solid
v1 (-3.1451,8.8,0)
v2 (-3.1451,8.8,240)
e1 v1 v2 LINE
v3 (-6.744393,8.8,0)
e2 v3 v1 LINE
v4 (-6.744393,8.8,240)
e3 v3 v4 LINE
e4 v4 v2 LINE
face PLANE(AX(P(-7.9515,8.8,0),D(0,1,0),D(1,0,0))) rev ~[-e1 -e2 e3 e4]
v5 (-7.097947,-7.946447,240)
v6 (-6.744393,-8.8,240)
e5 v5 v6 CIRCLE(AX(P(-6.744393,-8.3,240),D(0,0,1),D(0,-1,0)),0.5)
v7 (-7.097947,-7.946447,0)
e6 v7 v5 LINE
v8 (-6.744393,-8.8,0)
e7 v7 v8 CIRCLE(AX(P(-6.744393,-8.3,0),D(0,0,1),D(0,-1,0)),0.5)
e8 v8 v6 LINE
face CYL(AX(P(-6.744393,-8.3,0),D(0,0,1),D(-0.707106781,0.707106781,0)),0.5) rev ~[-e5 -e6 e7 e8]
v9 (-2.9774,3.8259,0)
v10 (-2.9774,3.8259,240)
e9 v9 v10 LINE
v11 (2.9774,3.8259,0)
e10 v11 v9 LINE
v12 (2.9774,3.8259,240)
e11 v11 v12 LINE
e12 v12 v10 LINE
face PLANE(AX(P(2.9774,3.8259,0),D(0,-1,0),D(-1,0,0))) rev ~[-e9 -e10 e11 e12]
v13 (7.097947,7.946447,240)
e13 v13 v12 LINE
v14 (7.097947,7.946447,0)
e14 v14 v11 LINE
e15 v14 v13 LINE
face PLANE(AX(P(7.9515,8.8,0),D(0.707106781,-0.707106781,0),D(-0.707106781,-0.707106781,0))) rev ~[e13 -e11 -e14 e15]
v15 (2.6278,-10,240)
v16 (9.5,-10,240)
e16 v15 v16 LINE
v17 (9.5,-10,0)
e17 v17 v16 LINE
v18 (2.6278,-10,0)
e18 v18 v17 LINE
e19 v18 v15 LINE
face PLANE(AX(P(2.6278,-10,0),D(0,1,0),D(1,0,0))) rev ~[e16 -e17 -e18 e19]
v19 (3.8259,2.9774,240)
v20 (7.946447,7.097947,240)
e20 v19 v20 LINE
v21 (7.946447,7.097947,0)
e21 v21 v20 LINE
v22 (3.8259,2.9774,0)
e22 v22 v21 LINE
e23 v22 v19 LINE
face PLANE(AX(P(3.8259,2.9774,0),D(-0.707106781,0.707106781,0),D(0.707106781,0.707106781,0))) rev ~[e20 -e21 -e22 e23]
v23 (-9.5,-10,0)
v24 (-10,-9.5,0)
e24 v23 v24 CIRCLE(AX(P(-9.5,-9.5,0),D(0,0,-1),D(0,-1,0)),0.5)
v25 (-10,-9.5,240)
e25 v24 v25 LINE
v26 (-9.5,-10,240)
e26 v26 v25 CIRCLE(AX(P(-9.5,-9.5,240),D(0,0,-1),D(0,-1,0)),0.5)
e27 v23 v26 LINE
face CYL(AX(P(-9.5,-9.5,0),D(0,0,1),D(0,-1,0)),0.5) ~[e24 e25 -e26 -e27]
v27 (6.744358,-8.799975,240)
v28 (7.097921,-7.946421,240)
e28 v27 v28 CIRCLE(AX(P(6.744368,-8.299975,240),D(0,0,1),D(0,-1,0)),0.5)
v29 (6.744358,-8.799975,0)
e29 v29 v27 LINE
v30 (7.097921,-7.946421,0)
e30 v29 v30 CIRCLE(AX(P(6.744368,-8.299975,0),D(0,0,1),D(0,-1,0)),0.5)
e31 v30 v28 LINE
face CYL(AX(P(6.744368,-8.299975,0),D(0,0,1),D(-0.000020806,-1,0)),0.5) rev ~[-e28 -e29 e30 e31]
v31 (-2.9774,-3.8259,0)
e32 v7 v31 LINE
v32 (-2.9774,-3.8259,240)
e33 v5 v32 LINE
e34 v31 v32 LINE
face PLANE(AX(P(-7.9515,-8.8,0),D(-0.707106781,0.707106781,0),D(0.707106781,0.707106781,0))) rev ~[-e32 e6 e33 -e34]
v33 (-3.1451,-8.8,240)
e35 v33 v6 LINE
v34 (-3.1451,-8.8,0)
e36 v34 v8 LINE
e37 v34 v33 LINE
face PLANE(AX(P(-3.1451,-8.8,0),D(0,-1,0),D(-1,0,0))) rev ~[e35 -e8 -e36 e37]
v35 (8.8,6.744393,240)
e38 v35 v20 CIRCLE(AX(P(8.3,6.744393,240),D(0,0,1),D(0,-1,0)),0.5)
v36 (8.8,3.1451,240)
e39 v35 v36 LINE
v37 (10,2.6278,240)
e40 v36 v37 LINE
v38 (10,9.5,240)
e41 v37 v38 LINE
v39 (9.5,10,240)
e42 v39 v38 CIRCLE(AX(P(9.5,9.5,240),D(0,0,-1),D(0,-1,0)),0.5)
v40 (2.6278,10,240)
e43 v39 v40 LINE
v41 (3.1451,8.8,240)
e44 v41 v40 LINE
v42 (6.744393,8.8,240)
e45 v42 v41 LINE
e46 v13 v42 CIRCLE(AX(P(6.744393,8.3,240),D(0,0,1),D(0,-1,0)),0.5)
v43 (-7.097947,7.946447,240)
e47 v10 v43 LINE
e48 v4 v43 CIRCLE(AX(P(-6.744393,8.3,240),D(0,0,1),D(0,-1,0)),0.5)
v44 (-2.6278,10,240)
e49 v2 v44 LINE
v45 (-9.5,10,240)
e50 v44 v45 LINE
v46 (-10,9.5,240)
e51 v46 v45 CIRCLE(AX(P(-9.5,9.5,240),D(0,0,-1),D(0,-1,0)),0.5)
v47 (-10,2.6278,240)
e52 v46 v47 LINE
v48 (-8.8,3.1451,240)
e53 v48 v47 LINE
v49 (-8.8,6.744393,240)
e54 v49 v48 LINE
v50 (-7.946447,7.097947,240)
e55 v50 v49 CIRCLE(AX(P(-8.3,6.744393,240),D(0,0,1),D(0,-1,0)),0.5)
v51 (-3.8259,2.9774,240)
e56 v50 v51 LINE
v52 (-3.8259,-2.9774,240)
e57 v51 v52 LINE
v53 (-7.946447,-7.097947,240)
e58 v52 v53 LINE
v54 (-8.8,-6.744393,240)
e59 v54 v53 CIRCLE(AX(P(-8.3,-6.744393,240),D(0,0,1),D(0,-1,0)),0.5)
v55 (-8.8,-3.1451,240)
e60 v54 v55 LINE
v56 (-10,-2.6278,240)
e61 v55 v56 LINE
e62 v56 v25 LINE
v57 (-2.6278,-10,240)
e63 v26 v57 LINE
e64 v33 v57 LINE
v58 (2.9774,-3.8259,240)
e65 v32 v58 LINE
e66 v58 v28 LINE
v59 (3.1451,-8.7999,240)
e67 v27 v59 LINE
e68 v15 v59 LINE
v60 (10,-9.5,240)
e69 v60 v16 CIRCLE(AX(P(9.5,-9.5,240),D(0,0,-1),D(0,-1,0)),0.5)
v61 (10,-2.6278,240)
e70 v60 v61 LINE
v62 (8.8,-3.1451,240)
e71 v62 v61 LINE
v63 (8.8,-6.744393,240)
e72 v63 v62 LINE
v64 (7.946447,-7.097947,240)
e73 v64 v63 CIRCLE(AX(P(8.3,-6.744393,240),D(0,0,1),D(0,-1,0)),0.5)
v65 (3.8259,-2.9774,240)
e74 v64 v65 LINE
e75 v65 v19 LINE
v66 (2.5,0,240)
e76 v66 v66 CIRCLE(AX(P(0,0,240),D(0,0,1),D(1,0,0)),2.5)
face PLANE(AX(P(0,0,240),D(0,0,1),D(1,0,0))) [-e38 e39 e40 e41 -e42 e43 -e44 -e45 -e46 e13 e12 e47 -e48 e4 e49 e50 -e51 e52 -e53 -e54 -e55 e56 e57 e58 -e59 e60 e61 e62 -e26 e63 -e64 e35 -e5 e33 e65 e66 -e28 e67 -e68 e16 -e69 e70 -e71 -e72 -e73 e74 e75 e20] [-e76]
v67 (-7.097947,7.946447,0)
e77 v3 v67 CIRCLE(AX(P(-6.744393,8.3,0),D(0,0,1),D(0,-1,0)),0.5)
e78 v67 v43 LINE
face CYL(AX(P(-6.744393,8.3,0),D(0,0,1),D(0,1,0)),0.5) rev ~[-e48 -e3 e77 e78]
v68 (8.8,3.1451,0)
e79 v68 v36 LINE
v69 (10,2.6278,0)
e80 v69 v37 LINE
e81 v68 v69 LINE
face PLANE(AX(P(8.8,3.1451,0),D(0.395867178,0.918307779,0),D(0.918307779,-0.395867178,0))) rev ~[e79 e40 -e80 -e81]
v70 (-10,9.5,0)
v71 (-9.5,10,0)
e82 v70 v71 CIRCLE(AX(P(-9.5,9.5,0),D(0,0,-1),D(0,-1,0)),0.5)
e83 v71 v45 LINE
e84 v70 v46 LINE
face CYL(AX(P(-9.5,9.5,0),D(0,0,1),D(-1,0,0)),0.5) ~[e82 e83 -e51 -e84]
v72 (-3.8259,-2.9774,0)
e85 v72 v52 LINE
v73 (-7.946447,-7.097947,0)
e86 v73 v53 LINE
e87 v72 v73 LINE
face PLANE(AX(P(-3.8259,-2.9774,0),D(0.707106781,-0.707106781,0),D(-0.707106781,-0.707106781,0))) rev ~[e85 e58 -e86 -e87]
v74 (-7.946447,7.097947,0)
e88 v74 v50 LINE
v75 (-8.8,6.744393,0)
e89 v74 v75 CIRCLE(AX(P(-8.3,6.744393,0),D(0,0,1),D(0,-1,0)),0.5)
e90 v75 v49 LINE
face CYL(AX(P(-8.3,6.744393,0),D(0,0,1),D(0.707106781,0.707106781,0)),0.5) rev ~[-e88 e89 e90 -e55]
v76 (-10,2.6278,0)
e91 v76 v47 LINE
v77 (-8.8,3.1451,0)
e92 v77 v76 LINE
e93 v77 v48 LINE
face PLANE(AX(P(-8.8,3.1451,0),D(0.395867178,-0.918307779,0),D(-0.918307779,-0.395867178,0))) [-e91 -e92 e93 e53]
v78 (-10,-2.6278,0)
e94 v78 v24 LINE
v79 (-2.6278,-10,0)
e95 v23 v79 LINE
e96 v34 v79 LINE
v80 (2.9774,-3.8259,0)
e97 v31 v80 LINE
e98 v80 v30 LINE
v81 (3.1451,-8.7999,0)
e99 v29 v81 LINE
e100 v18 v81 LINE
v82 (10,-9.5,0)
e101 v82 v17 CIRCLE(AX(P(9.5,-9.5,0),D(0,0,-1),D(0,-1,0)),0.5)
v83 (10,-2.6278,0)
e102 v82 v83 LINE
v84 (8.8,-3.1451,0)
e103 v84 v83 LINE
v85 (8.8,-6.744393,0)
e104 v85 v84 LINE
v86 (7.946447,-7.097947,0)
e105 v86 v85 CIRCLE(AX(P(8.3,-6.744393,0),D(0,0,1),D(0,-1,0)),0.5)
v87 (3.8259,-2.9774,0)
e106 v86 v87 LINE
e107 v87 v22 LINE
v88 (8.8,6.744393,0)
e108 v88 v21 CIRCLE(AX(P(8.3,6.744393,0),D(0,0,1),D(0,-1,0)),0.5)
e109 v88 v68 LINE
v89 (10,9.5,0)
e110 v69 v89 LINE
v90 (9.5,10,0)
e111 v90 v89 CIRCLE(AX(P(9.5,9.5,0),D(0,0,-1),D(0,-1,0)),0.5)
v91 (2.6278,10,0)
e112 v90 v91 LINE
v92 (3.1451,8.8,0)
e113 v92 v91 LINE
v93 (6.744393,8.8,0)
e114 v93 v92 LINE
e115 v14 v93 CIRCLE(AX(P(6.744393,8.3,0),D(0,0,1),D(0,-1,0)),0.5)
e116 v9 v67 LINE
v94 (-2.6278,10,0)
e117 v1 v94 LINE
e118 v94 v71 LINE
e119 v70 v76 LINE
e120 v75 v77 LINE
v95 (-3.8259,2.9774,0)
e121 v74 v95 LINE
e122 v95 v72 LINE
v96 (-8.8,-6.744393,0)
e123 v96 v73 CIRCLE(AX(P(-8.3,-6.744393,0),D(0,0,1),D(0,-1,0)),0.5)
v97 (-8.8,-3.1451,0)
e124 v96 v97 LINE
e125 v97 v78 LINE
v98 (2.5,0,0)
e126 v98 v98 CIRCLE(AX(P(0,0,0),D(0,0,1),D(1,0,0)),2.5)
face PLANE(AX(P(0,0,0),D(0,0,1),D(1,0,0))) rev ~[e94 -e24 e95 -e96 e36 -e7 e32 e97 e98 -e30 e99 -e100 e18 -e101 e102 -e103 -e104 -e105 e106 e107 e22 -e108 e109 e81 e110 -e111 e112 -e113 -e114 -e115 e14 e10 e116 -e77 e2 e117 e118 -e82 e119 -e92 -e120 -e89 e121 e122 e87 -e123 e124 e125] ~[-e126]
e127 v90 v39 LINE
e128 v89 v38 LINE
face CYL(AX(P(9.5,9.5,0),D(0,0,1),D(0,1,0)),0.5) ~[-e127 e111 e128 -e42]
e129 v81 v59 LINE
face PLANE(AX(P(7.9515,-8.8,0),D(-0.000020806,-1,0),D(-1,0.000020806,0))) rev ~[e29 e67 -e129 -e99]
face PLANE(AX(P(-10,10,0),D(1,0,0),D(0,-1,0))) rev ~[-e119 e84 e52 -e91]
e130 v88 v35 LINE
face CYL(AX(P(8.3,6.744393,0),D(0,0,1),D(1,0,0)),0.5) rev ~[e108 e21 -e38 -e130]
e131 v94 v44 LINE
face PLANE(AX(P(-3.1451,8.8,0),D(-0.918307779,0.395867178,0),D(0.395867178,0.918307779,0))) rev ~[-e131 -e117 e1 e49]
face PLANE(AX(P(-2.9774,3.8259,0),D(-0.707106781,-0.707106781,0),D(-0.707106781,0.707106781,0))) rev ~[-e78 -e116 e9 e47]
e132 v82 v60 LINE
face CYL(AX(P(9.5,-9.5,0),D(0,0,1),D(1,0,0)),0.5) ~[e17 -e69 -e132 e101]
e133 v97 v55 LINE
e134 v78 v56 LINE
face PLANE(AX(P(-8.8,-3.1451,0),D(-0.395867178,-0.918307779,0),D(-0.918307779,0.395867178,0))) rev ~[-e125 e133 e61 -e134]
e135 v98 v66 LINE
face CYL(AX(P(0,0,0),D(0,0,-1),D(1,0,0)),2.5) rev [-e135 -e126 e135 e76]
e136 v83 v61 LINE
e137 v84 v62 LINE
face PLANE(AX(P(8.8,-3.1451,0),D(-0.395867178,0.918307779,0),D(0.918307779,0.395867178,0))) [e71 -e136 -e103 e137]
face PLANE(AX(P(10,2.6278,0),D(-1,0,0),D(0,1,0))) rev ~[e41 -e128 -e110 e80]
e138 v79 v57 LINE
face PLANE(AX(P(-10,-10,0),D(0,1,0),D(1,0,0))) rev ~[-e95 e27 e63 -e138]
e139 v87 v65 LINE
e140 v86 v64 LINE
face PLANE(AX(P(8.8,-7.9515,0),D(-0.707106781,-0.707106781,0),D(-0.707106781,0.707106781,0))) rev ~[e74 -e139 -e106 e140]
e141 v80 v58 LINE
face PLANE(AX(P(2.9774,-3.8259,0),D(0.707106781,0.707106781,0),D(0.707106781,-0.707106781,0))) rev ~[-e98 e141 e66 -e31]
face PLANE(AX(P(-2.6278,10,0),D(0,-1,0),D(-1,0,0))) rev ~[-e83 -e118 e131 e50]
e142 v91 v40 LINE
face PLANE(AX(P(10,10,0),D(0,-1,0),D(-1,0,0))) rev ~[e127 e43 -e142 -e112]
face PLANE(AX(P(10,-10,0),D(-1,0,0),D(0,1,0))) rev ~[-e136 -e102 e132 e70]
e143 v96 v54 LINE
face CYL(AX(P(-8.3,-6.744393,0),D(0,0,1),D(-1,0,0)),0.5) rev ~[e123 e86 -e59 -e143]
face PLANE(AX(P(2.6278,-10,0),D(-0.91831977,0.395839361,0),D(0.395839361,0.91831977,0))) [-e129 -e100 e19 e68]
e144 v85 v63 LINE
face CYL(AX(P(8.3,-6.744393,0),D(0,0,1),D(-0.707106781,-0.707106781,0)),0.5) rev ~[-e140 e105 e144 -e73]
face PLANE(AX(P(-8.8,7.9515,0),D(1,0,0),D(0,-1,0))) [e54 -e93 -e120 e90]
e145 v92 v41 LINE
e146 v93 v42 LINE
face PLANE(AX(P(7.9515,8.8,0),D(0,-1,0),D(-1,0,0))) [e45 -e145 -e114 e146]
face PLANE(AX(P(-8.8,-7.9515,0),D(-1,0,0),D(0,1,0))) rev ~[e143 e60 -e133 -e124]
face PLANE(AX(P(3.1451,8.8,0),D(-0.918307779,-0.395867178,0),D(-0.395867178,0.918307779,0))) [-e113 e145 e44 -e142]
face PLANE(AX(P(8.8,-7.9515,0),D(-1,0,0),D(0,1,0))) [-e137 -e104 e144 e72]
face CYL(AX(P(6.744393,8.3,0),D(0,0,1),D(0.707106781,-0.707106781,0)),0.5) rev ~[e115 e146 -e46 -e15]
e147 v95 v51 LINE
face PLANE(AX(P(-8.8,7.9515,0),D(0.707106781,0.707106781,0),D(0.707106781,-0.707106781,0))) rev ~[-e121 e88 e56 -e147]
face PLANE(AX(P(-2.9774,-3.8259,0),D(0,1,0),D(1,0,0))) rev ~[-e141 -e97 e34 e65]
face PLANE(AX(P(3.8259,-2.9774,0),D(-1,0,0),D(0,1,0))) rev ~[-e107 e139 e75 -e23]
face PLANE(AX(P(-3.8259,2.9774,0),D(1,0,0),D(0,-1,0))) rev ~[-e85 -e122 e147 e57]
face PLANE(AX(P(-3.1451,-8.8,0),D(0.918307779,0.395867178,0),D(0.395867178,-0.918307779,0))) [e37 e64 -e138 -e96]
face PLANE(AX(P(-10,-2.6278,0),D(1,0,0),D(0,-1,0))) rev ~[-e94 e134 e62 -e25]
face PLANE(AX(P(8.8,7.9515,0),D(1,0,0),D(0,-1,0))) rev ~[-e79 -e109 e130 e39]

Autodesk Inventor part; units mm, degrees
ref_plane "YZ Plane" through (0, 0, 0) normal (1, 0, 0) x (0, 1, 0)
ref_plane "XZ Plane" through (0, 0, 0) normal (0, 1, 0) x (-1, 0, 0)
ref_plane "XY Plane" through (0, 0, 0) normal (0, 0, 1) x (1, 0, 0)
sketch "Sketch1" plane through (0, 0, 0) normal (0, 0, 1) x (1, 0, 0)
  circle A0 centre (0, 0) radius 2.5
  line L0 (2.9774, 3.8259) -> (-2.9774, 3.8259)
  line L1 (-3.8259, 2.9774) -> (-3.8259, -2.9774)
  line L2 (-3.8259, -2.9774) -> (-8.8, -7.9515)
  line L3 (-7.9515, -8.8) -> (-2.9774, -3.8259)
  line L4 (2.9774, -3.8259) -> (7.9515, -8.8)
  line L5 (3.8259, 2.9774) -> (8.8, 7.9515)
  line L6 (8.8, -7.9515) -> (3.8259, -2.9774)
  line L7 (7.9515, 8.8) -> (2.9774, 3.8259)
  line L8 (-2.9774, 3.8259) -> (-7.9515, 8.8)
  line L9 (-8.8, 7.9515) -> (-3.8259, 2.9774)
  line L10 (-2.9774, -3.8259) -> (2.9774, -3.8259)
  line L11 (3.8259, -2.9774) -> (3.8259, 2.9774)
  line L12 (-3.1451, -8.8) -> (-2.6278, -10)
  line L13 (-3.1451, -8.8) -> (-7.9515, -8.8)
  line L14 (-10, -10) -> (-2.6278, -10)
  line L15 (2.6278, -10) -> (10, -10)
  line L16 (7.9515, -8.8) -> (3.1451, -8.7999)
  circle A1 centre (0, 0) radius 3.8259 construction
  line L17 (0, 0) -> (7.0677, 7.0677) construction
  circle A2 centre (2.7053, 2.7053) radius 1.1531 construction
  line L18 (-13.2321, 0) -> (16.76, 0) construction
  circle A3 centre (0, 0) radius 4.848 construction
  line L19 (2.6278, -10) -> (3.1451, -8.7999)
  line L20 (-8.8, -7.9515) -> (-8.8, -3.1451)
  line L21 (-8.8, -3.1451) -> (-10, -2.6278)
  line L22 (-8.8, 7.9515) -> (-8.8, 3.1451)
  line L23 (-8.8, 3.1451) -> (-10, 2.6278)
  line L24 (-7.9515, 8.8) -> (-3.1451, 8.8)
  line L25 (-3.1451, 8.8) -> (-2.6278, 10)
  line L26 (7.9515, 8.8) -> (3.1451, 8.8)
  line L27 (3.1451, 8.8) -> (2.6278, 10)
  line L28 (8.8, 7.9515) -> (8.8, 3.1451)
  line L29 (8.8, 3.1451) -> (10, 2.6278)
  line L30 (8.8, -7.9515) -> (8.8, -3.1451)
  line L31 (8.8, -3.1451) -> (10, -2.6278)
  line L32 (-10, 10) -> (-10, 2.6278)
  line L33 (-10, -2.6278) -> (-10, -10)
  line L34 (10, 10) -> (2.6278, 10)
  line L35 (-2.6278, 10) -> (-10, 10)
  line L36 (10, -10) -> (10, -2.6278)
  line L37 (10, 2.6278) -> (10, 10)
  point P0 (3.8259, 0)
  point P1 (-0.0241, 0)
  point P2 (-3.8259, 0)
  dimension "d3" = 20
  dimension "d4" = 20
  dimension "d5" = 5
  dimension "d10" = 1.2
  dimension "d12" = 1.2
  dimension "d13" = 1.2
  dimension "d14" = 1.2
  dimension "d16" = 20
  dimension "d17" = 1.2
  dimension "d18" = 1.2
  dimension "d19" = 1.2
  dimension "d20" = 1.2
  dimension "d21" = 1.2
  dimension "d22" = 20
extrude "Extrusion1" add sketch "Sketch1" along normal blind 240
fillet "Fillet1" radius 0.5 12 edges at (-8.8, 7.9515, 120) (-7.9515, 8.8, 120) (8.8, 7.9515, 120) (7.9515, 8.8, 120) (8.8, -7.9515, 120) (7.9515, -8.8, 120) (-7.9515, -8.8, 120) (-8.8, -7.9515, 120) (-10, -10, 120) (10, 10, 120) (-10, 10, 120) (10, -10, 120)
properties part number "240 beam"
